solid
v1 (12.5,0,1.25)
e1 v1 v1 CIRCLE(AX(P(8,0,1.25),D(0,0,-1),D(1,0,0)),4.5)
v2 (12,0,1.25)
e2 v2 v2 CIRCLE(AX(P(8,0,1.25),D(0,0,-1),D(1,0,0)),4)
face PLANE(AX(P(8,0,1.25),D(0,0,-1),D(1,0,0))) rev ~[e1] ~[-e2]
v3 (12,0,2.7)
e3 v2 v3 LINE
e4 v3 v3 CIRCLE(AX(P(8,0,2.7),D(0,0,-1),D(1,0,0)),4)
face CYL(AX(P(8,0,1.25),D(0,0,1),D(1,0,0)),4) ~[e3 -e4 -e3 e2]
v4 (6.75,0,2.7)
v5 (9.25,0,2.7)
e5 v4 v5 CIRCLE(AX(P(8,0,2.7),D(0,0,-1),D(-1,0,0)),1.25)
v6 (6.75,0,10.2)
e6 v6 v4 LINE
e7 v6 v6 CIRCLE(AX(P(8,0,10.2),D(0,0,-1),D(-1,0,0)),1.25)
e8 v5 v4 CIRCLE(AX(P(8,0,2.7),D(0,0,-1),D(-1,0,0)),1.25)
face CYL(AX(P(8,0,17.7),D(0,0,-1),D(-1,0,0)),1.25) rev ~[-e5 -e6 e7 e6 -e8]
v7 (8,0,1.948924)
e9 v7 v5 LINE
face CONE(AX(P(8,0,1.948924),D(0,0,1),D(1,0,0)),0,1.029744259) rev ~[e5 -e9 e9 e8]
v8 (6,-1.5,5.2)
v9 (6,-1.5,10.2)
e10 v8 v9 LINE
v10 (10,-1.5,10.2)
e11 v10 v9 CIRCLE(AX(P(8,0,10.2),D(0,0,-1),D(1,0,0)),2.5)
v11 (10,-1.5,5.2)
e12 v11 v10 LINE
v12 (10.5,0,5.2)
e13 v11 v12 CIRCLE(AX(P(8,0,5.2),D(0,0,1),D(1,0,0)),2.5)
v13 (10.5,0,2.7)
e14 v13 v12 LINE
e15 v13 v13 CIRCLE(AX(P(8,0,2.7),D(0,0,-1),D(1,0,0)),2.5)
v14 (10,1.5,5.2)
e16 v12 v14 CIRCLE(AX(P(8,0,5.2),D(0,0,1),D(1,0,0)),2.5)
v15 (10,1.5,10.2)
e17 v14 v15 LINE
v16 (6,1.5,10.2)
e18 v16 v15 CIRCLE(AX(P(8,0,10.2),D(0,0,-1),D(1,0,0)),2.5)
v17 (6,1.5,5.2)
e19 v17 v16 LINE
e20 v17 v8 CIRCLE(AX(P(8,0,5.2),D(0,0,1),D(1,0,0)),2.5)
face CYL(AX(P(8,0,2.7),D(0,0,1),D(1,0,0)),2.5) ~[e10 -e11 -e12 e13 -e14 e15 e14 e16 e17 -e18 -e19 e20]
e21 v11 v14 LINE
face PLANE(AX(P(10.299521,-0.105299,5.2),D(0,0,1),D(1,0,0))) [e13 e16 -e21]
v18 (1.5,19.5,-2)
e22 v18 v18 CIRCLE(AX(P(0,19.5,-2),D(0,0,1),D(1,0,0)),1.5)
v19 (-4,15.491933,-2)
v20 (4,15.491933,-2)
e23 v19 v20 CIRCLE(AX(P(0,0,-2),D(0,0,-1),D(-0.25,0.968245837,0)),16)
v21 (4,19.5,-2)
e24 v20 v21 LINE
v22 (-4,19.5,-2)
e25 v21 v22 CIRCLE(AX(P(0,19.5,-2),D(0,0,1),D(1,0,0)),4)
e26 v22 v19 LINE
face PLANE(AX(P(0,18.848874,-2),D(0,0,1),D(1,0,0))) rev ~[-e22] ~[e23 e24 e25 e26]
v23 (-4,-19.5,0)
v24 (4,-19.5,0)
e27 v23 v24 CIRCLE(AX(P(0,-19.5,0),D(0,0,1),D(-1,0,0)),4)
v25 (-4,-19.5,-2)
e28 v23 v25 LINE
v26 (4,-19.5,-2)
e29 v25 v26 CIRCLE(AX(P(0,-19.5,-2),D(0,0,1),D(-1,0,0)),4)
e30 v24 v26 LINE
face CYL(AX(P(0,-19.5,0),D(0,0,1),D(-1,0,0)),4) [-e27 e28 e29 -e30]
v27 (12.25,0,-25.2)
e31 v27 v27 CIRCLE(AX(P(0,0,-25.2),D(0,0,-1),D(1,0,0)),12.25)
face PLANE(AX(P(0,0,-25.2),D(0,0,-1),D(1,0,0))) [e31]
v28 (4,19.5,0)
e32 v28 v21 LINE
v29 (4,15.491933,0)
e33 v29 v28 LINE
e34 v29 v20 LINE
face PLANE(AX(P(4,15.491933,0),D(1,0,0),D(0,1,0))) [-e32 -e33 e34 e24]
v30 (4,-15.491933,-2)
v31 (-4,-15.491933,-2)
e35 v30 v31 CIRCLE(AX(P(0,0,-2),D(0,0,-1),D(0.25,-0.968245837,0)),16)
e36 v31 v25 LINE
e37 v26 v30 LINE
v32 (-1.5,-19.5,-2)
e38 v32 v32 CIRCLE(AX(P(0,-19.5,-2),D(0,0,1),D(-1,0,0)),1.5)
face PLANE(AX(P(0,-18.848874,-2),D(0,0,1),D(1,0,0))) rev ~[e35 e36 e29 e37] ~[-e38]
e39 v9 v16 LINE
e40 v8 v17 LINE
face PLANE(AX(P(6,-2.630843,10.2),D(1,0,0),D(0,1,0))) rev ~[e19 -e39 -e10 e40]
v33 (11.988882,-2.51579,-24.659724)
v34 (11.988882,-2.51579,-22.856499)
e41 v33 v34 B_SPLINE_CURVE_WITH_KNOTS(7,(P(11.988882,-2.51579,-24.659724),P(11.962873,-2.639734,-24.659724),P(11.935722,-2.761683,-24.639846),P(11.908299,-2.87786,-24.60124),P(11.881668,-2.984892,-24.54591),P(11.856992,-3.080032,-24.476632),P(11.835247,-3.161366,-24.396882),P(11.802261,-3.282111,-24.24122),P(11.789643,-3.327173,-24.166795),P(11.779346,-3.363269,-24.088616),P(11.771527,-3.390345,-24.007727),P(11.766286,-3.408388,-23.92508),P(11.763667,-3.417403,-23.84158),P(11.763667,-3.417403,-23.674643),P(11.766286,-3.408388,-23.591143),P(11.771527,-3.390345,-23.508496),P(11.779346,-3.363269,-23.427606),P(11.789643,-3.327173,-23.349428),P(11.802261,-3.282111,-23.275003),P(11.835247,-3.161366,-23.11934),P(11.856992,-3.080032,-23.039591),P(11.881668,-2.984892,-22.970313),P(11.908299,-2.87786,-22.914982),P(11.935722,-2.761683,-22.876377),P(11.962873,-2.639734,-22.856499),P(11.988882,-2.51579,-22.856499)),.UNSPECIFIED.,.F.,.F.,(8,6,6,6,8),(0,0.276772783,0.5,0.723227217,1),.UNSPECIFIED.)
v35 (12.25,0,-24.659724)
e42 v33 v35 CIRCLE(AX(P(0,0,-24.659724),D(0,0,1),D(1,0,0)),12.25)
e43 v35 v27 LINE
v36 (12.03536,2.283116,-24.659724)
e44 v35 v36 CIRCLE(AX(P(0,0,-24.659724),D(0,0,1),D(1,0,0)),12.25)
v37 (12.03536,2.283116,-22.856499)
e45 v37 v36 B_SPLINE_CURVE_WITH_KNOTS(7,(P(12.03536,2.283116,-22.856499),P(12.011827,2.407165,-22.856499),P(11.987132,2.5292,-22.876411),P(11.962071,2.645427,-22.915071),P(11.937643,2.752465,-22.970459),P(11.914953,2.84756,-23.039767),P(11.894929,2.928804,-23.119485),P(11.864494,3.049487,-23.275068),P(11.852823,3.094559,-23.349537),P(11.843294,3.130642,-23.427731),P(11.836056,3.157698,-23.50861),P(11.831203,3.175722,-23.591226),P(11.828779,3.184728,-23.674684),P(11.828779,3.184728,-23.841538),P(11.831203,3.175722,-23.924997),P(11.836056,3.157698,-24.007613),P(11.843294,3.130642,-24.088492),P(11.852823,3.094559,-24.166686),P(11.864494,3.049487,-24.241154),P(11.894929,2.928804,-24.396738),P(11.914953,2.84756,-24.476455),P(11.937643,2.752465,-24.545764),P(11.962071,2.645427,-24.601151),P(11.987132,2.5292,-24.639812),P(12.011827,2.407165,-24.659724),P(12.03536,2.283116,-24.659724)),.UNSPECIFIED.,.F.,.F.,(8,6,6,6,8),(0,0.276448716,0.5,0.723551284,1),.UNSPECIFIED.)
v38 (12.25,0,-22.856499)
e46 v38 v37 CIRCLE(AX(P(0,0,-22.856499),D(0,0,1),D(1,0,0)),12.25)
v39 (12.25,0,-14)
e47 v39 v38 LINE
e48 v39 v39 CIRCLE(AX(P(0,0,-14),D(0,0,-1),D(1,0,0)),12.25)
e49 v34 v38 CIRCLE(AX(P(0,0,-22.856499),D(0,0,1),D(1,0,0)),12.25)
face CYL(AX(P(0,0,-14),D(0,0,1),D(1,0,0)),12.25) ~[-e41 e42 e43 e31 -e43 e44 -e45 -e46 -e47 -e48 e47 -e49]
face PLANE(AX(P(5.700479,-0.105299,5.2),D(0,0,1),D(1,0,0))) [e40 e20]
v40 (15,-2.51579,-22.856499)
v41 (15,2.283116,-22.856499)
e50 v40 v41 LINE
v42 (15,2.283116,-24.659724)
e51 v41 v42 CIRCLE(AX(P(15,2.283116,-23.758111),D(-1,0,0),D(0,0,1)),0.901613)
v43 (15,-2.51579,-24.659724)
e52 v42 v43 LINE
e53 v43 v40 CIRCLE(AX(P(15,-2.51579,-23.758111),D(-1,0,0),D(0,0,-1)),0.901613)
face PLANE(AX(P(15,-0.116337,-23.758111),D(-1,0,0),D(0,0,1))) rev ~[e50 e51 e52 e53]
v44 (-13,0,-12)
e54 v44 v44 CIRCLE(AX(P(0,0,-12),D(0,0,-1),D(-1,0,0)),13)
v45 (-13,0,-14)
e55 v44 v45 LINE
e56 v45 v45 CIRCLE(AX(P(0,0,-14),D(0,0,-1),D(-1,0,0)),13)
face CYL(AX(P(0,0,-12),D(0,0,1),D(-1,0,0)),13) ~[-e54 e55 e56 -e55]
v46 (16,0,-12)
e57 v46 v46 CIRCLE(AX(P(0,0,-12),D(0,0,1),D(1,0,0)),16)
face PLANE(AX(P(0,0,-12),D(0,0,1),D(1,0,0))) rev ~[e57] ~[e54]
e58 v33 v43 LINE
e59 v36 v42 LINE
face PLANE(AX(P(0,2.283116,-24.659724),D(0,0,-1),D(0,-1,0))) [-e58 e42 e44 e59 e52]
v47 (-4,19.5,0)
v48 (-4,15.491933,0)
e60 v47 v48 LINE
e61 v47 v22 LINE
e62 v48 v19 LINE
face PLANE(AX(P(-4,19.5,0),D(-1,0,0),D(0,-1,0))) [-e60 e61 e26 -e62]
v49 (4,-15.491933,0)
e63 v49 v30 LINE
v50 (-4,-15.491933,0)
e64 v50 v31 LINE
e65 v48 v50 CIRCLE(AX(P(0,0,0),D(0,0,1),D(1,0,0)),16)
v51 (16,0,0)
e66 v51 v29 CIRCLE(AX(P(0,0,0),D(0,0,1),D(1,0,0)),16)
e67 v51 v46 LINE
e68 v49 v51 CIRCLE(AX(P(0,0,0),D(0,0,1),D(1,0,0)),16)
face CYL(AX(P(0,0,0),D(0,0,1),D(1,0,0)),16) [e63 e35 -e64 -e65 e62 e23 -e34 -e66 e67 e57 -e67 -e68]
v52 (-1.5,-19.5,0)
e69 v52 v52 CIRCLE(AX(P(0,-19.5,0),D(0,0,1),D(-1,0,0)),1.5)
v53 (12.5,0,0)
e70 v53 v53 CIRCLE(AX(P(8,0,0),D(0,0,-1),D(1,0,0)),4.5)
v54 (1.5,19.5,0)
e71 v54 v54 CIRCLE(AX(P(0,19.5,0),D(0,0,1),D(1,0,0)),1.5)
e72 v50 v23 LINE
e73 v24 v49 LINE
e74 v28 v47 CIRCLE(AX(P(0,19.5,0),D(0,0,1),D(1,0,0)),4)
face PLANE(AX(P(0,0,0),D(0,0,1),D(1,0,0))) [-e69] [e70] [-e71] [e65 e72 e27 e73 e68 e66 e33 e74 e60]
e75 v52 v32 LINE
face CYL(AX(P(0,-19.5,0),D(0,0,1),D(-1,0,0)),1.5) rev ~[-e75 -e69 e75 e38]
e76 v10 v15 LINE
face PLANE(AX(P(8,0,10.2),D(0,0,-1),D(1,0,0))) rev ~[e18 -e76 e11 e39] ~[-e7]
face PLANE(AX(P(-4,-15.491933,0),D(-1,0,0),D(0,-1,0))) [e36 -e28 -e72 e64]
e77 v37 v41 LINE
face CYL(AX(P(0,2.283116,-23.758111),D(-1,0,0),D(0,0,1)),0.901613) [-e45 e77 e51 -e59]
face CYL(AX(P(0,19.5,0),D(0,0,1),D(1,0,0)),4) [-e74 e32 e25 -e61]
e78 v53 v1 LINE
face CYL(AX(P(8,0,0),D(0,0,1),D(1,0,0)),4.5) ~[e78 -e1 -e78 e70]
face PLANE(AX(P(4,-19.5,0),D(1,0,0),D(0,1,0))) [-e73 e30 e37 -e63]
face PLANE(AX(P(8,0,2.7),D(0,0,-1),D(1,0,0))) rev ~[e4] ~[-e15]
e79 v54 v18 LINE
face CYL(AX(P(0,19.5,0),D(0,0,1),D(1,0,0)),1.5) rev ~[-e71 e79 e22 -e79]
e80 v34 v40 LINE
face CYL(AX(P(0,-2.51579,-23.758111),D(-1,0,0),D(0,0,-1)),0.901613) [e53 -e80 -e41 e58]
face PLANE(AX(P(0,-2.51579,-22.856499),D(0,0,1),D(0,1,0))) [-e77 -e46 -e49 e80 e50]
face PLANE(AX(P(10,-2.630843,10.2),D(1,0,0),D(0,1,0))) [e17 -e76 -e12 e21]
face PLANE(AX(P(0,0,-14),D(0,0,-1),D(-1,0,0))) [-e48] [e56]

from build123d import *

# Parameters (mm, degrees)
SKETCH_1_R             = 16
EXTRUDE_1_DEPTH        = 12
SKETCH_2_R             = 13
EXTRUDE_2_DEPTH        = 2
SKETCH_3_R             = 12.25
EXTRUDE_4_DEPTH        = 11.2
SKETCH_4_R             = 1.5
EXTRUDE_5_DEPTH        = 2
SKETCH_21_W            = 0.599041837
SKETCH_21_H            = 5.051087673
CUT_EXTRUDE_2_DEPTH    = 5
HOLE_WIZARD_M3_1_D     = 2.5
HOLE_WIZARD_M3_1_DEPTH = 7.5
HOLE_WIZARD_M3_1_TIP   = 0.751075774
EXTRUDE_16_DEPTH       = 15


with BuildPart() as part:
    # 草图1 → 凸台-拉伸1 (new body)
    with BuildSketch(Plane.XY):
        Circle(SKETCH_1_R)
    extrude(amount=-EXTRUDE_1_DEPTH)

    # 草图2 → 凸台-拉伸2 (add)
    with BuildSketch(Plane(origin=(0, 0, -12), x_dir=(-1, 0, 0), z_dir=(0, 0, -1))):
        Circle(SKETCH_2_R)
    extrude(amount=EXTRUDE_2_DEPTH)

    # 草图3 → 凸台-拉伸4 (add)
    with BuildSketch(Plane(origin=(0, 0, -14), x_dir=(-1, 0, 0), z_dir=(0, 0, -1))):
        with Locations(Location((0, 0, 0), (0, 0, 180))):
            Circle(SKETCH_3_R)
    extrude(amount=EXTRUDE_4_DEPTH)

    # 草图4 → 凸台-拉伸5 (add)
    # profile 1 of 2: a face of its own
    with BuildSketch(Plane.XY):
        with BuildLine():
            Line((-4, 19.5), (-4, 15.491933385))
            ThreePointArc((-4, 15.491933385), (0, 16), (4, 15.491933385))
            Line((4, 15.491933385), (4, 19.5))
            ThreePointArc((4, 19.5), (0, 23.5), (-4, 19.5))
        make_face()
        with Locations((0, 19.5)):
            Circle(SKETCH_4_R, mode=Mode.SUBTRACT)
    # profile 2 of 2: a face of its own
    with BuildSketch(Plane.XY):
        with BuildLine():
            Line((-4, -15.491933385), (-4, -19.5))
            ThreePointArc((-4, -19.5), (0, -23.5), (4, -19.5))
            Line((4, -19.5), (4, -15.491933385))
            ThreePointArc((4, -15.491933385), (0, -16), (-4, -15.491933385))
        make_face()
        with Locations(Location((0, -19.5, 0), (0, 0, 180))):
            Circle(SKETCH_4_R, mode=Mode.SUBTRACT)
    extrude(amount=-EXTRUDE_5_DEPTH)

    # 草图17 → 旋转1 (revolve)
    with BuildSketch(Plane(origin=(0, 0, 0), x_dir=(1, 0, 0), z_dir=(0, 1, 0)), mode=Mode.PRIVATE) as revolve_1_sk:
        Polygon((8, -10.2), (8, 0), (3.5, 0), (3.5, -1.25), (4, -1.25), (4, -2.7), (5.5, -2.7), (5.5, -10.2), align=None)
    revolve(revolve_1_sk.sketch.rotate(Axis((8, 0, 10.2), (0, 0, -1)), 180), axis=Axis((8, 0, 10.2), (0, 0, -1)))

    # 草图21 → 切除-拉伸2 (cut)
    with BuildSketch(Plane.XY.offset(10.2)):
        with Locations((5.700479082, -0.105298995)):
            Rectangle(SKETCH_21_W, SKETCH_21_H)
        with Locations((10.299520919, -0.105298995)):
            Rectangle(SKETCH_21_W, SKETCH_21_H)
    extrude(amount=-CUT_EXTRUDE_2_DEPTH, mode=Mode.SUBTRACT)

    # M3 螺纹孔1
    with Locations(Plane.XY.offset(10.2)):
        with Locations((8, 0)):
            Hole(HOLE_WIZARD_M3_1_D / 2, depth=HOLE_WIZARD_M3_1_DEPTH)
            with Locations((0, 0, -(HOLE_WIZARD_M3_1_DEPTH + HOLE_WIZARD_M3_1_TIP / 2))):  # 118° drill point
                Cone(0, HOLE_WIZARD_M3_1_D / 2, HOLE_WIZARD_M3_1_TIP, mode=Mode.SUBTRACT)

    # 草图25 → 凸台-拉伸16 (add)
    with BuildSketch(Plane(origin=(0, 0, 0), x_dir=(0, 0, -1), z_dir=(1, 0, 0))):
        with BuildLine():
            Line((24.65972398, 2.283115818), (24.65972398, -2.515790041))
            ThreePointArc((24.65972398, -2.515790041), (23.758111364, -3.417402657), (22.856498748, -2.515790041))
            Line((22.856498748, -2.515790041), (22.856498748, 2.283115818))
            ThreePointArc((22.856498748, 2.283115818), (23.758111364, 3.184728434), (24.65972398, 2.283115818))
        make_face()
    extrude(amount=EXTRUDE_16_DEPTH)


solid = part.part
